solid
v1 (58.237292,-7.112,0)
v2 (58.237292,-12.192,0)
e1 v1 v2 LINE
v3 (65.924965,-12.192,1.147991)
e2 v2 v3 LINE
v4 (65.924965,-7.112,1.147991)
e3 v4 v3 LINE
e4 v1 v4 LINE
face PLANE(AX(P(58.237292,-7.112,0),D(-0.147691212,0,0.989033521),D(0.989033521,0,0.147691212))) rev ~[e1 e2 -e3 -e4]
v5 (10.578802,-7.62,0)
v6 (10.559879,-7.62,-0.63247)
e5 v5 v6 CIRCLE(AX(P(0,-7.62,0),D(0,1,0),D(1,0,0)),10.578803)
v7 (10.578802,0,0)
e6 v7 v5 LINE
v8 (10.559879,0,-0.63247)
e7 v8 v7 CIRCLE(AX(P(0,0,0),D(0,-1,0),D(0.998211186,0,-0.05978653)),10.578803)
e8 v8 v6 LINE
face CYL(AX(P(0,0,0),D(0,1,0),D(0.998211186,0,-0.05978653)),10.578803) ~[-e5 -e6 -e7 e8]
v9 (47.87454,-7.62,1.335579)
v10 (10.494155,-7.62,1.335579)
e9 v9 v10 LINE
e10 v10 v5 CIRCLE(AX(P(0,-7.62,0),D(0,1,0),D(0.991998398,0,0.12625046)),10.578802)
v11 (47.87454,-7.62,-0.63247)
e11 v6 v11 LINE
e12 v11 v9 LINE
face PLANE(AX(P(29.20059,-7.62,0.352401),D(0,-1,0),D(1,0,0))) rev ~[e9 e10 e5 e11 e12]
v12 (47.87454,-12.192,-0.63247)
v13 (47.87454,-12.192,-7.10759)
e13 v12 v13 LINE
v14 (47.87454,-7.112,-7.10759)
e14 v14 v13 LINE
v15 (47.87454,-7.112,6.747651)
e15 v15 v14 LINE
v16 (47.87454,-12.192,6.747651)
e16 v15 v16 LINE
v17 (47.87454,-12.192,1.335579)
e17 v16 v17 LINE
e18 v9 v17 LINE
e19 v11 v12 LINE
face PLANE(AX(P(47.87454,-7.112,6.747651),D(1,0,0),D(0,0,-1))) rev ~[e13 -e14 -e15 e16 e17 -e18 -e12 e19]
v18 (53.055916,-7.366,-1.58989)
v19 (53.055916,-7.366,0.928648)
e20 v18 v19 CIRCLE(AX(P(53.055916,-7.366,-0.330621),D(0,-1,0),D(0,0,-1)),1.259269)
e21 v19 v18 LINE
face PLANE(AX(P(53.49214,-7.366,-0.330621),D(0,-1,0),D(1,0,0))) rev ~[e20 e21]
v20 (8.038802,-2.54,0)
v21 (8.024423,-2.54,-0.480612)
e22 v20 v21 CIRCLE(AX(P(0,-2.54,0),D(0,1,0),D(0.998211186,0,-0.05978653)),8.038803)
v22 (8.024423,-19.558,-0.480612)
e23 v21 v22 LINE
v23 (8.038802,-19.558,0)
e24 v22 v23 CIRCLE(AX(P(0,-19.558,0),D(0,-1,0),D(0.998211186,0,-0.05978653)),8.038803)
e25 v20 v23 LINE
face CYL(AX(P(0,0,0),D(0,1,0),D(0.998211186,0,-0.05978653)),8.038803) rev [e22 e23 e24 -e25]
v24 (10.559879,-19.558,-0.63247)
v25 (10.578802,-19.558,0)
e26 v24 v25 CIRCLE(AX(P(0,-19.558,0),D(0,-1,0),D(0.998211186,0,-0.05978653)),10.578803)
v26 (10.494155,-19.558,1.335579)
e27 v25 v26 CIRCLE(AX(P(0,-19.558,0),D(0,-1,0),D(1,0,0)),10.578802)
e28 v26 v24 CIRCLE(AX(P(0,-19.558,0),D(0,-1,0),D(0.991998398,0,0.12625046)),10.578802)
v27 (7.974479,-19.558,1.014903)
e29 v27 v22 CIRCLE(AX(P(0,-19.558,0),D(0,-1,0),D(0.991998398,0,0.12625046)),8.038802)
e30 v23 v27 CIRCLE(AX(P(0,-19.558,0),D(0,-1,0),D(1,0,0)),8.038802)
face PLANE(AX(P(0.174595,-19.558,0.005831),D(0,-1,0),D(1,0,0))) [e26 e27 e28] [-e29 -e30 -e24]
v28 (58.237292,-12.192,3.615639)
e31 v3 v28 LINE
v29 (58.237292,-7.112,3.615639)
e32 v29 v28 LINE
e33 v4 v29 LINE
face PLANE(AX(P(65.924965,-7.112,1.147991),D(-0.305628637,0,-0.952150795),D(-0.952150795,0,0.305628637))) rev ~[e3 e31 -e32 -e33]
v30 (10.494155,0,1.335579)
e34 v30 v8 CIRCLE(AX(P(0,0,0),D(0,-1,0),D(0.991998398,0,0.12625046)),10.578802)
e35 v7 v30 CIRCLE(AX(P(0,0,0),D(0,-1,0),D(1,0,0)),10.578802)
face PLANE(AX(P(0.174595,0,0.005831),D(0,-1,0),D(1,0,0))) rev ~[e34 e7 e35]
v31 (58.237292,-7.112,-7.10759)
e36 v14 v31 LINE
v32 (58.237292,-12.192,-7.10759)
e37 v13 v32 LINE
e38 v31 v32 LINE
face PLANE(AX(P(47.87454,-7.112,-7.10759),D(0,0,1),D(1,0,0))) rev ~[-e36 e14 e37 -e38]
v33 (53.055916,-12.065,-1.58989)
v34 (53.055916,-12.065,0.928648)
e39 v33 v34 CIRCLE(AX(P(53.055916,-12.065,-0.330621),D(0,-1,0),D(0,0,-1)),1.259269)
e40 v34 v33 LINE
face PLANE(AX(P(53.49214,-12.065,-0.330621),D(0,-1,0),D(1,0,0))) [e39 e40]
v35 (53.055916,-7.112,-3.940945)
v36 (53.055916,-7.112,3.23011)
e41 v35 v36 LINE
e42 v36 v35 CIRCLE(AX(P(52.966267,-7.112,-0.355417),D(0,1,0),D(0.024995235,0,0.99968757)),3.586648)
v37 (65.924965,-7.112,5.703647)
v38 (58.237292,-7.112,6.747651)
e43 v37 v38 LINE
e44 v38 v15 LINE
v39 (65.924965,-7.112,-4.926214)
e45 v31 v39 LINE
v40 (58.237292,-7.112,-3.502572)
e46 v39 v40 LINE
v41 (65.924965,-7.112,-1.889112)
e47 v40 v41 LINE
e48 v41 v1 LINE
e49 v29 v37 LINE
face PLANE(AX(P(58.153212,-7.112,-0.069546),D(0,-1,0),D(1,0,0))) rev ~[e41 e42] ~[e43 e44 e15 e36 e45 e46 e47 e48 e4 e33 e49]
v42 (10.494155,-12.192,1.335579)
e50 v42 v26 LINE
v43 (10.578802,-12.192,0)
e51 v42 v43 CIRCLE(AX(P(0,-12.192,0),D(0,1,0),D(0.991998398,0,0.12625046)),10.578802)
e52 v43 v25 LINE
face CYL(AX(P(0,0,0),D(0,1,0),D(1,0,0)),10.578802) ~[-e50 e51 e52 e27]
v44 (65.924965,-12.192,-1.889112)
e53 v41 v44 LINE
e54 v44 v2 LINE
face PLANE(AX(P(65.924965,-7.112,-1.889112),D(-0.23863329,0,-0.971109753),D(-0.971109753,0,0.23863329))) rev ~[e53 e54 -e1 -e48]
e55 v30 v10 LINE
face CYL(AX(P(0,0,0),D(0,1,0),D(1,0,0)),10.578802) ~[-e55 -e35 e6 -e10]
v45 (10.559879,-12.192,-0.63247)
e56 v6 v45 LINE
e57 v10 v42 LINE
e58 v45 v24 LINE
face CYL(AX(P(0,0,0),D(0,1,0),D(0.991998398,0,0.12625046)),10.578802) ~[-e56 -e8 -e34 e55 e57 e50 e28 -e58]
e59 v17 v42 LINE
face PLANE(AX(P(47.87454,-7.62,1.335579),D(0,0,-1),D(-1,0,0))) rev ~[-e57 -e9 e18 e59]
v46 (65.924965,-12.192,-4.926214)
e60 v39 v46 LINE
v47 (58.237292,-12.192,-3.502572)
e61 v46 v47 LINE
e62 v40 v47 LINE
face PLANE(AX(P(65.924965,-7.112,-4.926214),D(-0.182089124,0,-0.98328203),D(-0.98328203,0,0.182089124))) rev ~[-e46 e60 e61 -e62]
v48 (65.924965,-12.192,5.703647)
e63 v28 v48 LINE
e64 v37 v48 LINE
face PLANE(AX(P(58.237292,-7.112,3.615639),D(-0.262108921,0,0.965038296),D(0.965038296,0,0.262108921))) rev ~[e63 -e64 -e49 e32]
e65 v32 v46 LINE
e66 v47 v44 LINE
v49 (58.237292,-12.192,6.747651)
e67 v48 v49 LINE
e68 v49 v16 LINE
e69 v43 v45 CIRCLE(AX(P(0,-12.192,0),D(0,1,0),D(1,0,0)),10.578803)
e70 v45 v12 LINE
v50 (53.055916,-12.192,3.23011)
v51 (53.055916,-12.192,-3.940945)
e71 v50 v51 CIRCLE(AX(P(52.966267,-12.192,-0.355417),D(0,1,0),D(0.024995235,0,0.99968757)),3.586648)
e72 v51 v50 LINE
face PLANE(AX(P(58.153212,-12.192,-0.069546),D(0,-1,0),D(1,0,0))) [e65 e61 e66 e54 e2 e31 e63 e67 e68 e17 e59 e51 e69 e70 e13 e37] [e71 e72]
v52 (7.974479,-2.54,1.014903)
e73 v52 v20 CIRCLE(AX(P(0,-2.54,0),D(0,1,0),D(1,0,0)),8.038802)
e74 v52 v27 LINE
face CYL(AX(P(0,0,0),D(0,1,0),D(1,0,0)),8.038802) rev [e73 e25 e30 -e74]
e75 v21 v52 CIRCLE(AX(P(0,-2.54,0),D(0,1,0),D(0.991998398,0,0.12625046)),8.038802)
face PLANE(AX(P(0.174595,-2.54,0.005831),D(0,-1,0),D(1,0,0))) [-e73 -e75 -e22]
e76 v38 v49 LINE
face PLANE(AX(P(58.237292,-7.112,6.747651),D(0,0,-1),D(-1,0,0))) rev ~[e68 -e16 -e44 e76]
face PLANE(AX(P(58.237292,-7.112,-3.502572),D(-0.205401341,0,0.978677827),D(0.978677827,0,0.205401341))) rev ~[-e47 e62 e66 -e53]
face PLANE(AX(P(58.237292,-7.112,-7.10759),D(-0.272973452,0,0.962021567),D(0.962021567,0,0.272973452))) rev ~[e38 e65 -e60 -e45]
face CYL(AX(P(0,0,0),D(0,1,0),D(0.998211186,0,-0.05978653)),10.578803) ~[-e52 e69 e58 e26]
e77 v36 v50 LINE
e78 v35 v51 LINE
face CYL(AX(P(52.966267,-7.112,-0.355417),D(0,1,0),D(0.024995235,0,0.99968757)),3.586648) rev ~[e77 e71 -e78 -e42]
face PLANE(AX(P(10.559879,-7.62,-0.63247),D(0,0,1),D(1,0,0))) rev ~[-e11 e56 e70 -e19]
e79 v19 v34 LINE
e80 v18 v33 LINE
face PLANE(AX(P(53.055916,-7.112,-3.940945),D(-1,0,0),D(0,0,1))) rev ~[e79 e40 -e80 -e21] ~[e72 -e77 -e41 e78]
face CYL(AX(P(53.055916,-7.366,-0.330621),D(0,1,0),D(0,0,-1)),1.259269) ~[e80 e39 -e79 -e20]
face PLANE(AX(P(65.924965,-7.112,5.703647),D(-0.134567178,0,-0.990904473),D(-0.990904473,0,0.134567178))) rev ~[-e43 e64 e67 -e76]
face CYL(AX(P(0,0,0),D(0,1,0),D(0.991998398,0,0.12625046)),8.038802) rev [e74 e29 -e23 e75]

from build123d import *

# Parameters (mm, degrees)
F1_DEPTH = 19.558
F2_T     = -2.54
F3_START = 7.62
F3_DEPTH = 4.572
F4_START = 7.112
F4_DEPTH = 5.08
F5_START = 7.366
F5_DEPTH = 4.699


with BuildPart() as f1:
    # F0 (on Front) → F1 (new body)
    with BuildSketch(Plane.XZ):
        with BuildLine():
            Line((10.5598789448, -0.6324698916), (10.4941550919, 1.3355786754))
            ThreePointArc((10.4941550919, 1.3355786754), (-10.5729083556, -0.3530869534), (10.5598789448, -0.6324698916))
        make_face()
        with BuildLine():
            ThreePointArc((10.5598789448, -0.6324698916), (10.574070523, -0.3163764621), (10.5788024602, 0))
            ThreePointArc((10.5788024602, 0), (10.5576194096, 0.6691292056), (10.4941550919, 1.3355786754))
            Line((10.4941550919, 1.3355786754), (10.5598789448, -0.6324698916))
        make_face()
    extrude(amount=F1_DEPTH)

    # F2
    f2_openings = [f1.faces().sort_by_distance(p)[0] for p in [
        (0, -19.558, 0),
    ]]
    offset(amount=F2_T, openings=f2_openings)

    # F0 (on Front) → F3 (join)
    with BuildSketch(Plane.XZ.offset(F3_START)):
        with BuildLine():
            ThreePointArc((10.4941550919, 1.3355786754), (10.5576194096, 0.6691292056), (10.5788024602, 0))
            ThreePointArc((10.5788024602, 0), (10.574070523, -0.3163764621), (10.5598789448, -0.6324698916))
            Line((10.5598789448, -0.6324698916), (47.8745400906, -0.6324698916))
            Line((47.8745400906, -0.6324698916), (47.8745400906, 1.3355786754))
            Line((47.8745400906, 1.3355786754), (10.4941550919, 1.3355786754))
        make_face()
    extrude(amount=F3_DEPTH)

    # F0 (on Front) → F4 (join)
    with BuildSketch(Plane.XZ.offset(F4_START)):
        Polygon((47.8745400906, 6.7476513796), (47.8745400906, 1.3355786754), (47.8745400906, -0.6324698916), (47.8745400906, -7.1075903252), (58.2372918725, -7.1075903252), (65.9249648452, -4.9262144603), (58.2372918725, -3.502572421), (65.9249648452, -1.8891115906), (58.2372918725, 0), (65.9249648452, 1.1479911627), (58.2372918725, 3.6156391725), (65.9249648452, 5.7036471553), (58.2372918725, 6.7476513796), align=None)
        with BuildLine():
            ThreePointArc((53.0559159815, 3.2301100822), (56.5529149026, -0.3554173745), (53.0559159815, -3.9409448312))
            Line((53.0559159815, -3.9409448312), (53.0559159815, -1.589890453))
            Line((53.0559159815, -1.589890453), (53.0559159815, 0.9286483983))
            Line((53.0559159815, 0.9286483983), (53.0559159815, 3.2301100822))
        make_face(mode=Mode.SUBTRACT)
    extrude(amount=F4_DEPTH)

    # F0 (on Front) → F5 (join)
    with BuildSketch(Plane.XZ.offset(F5_START)):
        with BuildLine():
            Line((53.0559159815, 0.9286483983), (53.0559159815, -1.589890453))
            ThreePointArc((53.0559159815, -1.589890453), (54.3151854072, -0.3306210274), (53.0559159815, 0.9286483983))
        make_face()
    extrude(amount=F5_DEPTH)


solid = f1.part
